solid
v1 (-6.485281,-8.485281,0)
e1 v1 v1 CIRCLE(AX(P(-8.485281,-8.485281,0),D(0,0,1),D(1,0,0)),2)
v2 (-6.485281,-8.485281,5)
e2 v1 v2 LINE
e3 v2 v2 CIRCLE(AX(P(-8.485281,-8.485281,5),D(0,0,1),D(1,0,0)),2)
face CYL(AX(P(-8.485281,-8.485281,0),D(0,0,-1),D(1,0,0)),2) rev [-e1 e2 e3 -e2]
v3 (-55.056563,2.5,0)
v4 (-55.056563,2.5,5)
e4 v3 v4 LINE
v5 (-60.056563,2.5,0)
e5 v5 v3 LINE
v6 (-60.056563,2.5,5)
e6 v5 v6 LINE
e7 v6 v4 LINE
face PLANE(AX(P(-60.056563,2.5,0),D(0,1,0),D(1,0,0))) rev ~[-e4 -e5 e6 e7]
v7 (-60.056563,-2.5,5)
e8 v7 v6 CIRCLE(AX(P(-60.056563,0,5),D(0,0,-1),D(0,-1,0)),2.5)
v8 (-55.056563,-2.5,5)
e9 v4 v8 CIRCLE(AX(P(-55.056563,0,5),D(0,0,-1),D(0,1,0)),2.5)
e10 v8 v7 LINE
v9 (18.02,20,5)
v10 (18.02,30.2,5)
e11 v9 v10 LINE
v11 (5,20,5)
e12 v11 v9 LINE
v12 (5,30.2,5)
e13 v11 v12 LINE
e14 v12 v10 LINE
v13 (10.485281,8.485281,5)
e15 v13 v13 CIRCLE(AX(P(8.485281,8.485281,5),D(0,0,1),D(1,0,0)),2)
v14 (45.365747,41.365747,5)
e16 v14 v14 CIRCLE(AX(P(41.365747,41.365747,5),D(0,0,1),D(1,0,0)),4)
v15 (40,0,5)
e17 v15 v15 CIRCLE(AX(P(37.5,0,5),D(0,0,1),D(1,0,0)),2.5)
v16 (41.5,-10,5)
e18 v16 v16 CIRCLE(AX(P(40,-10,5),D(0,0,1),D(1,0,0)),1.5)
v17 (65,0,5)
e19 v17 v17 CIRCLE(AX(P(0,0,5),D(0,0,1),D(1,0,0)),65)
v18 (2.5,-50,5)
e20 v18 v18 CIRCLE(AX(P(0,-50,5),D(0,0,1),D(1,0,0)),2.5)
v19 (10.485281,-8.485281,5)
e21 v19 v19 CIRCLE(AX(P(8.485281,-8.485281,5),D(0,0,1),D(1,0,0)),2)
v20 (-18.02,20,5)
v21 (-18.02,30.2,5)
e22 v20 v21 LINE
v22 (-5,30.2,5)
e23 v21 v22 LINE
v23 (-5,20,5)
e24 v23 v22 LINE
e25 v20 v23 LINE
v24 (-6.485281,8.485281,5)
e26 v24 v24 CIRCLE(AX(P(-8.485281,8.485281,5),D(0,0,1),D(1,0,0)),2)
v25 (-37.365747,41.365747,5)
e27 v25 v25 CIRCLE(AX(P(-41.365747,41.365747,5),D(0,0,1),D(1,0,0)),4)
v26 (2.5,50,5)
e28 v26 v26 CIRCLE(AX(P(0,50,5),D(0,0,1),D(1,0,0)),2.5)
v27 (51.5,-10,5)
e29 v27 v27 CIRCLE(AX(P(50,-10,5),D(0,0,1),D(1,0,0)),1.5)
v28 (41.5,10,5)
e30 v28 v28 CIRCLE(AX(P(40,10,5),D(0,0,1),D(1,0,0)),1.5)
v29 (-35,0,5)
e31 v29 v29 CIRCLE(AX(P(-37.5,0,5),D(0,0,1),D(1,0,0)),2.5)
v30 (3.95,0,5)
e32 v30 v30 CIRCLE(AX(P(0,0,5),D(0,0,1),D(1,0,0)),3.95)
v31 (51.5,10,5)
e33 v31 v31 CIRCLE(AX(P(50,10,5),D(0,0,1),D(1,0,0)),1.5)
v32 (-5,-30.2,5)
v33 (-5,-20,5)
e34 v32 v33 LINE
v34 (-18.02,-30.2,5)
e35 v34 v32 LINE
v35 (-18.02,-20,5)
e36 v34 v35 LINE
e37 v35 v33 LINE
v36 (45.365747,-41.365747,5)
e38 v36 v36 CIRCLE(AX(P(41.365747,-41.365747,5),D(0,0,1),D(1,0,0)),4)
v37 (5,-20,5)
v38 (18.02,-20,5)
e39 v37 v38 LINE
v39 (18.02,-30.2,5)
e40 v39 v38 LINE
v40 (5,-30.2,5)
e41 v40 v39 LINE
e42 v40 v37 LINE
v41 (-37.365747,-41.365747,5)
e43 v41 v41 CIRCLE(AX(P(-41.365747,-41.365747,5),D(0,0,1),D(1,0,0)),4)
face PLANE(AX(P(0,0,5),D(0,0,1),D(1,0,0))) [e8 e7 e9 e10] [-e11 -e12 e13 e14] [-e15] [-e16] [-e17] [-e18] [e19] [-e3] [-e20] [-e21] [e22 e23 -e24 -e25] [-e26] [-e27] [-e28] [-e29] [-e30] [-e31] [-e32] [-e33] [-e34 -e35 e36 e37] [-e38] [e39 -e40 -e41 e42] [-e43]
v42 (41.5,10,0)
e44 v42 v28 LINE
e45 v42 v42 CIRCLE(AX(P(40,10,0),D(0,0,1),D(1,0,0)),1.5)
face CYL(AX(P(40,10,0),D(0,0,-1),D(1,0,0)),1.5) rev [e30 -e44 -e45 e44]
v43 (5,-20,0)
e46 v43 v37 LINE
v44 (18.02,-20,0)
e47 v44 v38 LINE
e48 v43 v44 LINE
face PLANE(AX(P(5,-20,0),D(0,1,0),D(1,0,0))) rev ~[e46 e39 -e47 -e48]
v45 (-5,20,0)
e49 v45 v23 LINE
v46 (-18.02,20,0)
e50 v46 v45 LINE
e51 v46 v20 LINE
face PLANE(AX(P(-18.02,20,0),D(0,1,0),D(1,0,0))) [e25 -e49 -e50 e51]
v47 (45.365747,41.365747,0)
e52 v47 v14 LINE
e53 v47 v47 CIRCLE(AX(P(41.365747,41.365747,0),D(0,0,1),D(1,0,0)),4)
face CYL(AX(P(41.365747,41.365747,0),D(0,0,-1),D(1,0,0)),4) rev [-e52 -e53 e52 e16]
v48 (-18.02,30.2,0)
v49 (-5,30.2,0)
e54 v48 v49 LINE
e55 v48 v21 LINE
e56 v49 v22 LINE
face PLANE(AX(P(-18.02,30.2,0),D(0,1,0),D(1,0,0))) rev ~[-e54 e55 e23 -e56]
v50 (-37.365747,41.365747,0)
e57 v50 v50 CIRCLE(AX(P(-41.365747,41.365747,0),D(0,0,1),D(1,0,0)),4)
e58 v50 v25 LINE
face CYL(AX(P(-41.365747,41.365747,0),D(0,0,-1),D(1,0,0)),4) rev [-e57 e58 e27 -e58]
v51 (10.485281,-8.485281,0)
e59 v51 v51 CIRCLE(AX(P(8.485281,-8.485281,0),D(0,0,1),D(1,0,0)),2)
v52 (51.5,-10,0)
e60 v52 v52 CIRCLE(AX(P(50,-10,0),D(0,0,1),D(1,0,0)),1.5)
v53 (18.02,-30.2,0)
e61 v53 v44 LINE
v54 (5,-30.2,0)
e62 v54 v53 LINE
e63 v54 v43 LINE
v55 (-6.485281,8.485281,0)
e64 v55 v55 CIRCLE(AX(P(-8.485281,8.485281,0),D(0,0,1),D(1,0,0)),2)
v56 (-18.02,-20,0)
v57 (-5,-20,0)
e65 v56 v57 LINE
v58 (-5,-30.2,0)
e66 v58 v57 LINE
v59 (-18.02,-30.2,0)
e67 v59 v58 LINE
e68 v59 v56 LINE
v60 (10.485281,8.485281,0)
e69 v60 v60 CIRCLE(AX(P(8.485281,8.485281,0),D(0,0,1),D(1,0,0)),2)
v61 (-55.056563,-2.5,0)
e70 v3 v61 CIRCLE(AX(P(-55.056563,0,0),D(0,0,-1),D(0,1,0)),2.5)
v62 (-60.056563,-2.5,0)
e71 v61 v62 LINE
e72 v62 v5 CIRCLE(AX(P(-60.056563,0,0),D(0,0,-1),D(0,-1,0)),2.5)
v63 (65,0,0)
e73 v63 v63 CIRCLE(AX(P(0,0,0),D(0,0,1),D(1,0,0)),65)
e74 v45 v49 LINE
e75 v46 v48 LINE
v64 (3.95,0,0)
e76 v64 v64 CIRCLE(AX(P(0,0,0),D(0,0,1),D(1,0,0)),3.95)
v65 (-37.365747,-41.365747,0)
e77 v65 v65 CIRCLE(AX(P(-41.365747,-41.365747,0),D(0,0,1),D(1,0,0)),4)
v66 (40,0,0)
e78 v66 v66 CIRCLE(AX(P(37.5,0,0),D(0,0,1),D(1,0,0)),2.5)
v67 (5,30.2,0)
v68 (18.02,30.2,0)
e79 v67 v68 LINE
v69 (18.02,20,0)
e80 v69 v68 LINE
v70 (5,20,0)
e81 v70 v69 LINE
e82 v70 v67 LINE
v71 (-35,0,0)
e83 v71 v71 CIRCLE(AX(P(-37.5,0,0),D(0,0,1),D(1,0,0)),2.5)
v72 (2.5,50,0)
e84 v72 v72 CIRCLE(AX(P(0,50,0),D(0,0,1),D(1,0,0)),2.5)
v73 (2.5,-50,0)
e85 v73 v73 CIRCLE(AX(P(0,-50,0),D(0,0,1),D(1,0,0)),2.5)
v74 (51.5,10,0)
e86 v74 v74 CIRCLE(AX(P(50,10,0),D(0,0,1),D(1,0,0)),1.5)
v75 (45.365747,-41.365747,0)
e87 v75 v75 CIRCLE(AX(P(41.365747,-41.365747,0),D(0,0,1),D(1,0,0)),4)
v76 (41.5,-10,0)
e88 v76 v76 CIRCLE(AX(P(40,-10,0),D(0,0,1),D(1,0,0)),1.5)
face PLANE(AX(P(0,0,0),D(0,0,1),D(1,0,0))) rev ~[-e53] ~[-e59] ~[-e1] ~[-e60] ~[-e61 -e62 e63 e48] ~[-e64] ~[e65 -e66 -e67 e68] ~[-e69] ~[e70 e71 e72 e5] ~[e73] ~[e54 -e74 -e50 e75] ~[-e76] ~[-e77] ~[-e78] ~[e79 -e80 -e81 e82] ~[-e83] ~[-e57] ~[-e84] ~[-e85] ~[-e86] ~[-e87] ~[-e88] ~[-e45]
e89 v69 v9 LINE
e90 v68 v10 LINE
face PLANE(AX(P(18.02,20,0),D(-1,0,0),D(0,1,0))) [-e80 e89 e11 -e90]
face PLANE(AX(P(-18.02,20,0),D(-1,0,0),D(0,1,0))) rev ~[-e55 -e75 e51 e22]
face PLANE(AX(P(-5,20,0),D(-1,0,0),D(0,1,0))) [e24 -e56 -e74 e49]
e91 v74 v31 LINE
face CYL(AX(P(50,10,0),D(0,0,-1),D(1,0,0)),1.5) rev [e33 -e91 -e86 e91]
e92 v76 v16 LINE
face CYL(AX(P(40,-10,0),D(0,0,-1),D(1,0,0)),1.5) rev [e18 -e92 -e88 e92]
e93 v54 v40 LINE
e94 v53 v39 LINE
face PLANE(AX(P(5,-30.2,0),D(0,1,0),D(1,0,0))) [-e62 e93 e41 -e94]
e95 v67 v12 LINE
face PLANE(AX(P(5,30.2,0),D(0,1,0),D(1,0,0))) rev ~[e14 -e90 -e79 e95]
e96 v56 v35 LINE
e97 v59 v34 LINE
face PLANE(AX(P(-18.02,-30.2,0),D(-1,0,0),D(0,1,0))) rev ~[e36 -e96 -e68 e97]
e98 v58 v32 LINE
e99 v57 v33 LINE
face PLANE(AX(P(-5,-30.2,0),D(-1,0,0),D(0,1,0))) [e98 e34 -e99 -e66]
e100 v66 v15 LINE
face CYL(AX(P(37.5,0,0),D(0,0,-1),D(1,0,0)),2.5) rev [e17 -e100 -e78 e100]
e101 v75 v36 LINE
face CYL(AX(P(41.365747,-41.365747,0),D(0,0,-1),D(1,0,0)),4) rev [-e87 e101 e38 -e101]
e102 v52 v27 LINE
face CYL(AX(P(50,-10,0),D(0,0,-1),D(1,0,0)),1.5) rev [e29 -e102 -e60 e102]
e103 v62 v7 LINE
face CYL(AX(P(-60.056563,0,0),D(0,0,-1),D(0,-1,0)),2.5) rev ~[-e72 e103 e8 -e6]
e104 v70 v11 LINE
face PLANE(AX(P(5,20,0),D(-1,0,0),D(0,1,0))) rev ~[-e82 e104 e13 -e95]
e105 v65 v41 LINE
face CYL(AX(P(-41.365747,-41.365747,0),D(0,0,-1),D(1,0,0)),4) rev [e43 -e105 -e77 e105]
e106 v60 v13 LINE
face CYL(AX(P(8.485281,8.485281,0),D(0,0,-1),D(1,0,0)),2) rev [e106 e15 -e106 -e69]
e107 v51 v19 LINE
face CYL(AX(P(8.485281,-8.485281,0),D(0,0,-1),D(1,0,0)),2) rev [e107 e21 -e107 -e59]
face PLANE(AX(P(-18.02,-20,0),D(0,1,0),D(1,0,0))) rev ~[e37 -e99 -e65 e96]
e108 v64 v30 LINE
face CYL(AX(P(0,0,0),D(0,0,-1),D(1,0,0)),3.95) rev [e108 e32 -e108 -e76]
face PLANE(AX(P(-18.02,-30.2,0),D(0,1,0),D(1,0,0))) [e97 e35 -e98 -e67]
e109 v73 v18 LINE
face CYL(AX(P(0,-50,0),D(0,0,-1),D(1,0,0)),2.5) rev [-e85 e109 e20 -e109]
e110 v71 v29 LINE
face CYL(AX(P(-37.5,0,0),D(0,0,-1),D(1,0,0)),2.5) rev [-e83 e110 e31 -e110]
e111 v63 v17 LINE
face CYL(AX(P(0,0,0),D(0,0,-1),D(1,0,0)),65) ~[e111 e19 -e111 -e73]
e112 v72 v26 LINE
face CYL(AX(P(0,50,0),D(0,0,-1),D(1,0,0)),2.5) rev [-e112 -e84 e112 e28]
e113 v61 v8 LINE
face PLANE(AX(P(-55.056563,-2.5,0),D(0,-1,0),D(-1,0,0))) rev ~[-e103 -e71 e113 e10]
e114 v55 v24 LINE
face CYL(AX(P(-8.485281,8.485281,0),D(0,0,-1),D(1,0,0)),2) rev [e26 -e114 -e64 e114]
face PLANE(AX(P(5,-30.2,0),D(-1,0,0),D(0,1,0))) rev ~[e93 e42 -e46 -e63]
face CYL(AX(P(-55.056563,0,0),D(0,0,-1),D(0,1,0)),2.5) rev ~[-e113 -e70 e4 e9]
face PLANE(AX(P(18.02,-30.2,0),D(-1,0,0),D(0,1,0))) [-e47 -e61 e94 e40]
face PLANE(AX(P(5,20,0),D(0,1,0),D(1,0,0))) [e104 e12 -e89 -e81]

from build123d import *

# Parameters (mm, degrees)
SKETCH1_R           = 65
SKETCH1_R_2         = 2.5
SKETCH1_R_3         = 3.95
SKETCH1_R_4         = 1.5
SKETCH1_R_5         = 4
SKETCH1_R_6         = 2
SKETCH1_W           = 13.02
SKETCH1_H           = 10.2
BOSS_EXTRUDE1_DEPTH = 5


with BuildPart() as part:
    # Sketch1 → Boss-Extrude1 (new body)
    with BuildSketch(Plane.XY):
        Circle(SKETCH1_R)
        with Locations((-37.5, 0)):
            Circle(SKETCH1_R_2, mode=Mode.SUBTRACT)
        with Locations((37.5, 0)):
            Circle(SKETCH1_R_2, mode=Mode.SUBTRACT)
        with Locations((0, 50)):
            Circle(SKETCH1_R_2, mode=Mode.SUBTRACT)
        with Locations((0, -50)):
            Circle(SKETCH1_R_2, mode=Mode.SUBTRACT)
        Circle(SKETCH1_R_3, mode=Mode.SUBTRACT)
        with Locations((50, 10)):
            Circle(SKETCH1_R_4, mode=Mode.SUBTRACT)
        with Locations((50, -10)):
            Circle(SKETCH1_R_4, mode=Mode.SUBTRACT)
        with Locations((40, 10)):
            Circle(SKETCH1_R_4, mode=Mode.SUBTRACT)
        with Locations((40, -10)):
            Circle(SKETCH1_R_4, mode=Mode.SUBTRACT)
        with Locations((-41.365746699, 41.365746699)):
            Circle(SKETCH1_R_5, mode=Mode.SUBTRACT)
        with Locations((41.365746699, -41.365746699)):
            Circle(SKETCH1_R_5, mode=Mode.SUBTRACT)
        with Locations((41.365746699, 41.365746699)):
            Circle(SKETCH1_R_5, mode=Mode.SUBTRACT)
        with Locations((-41.365746699, -41.365746699)):
            Circle(SKETCH1_R_5, mode=Mode.SUBTRACT)
        with Locations((8.485281374, 8.485281374)):
            Circle(SKETCH1_R_6, mode=Mode.SUBTRACT)
        with Locations((8.485281374, -8.485281374)):
            Circle(SKETCH1_R_6, mode=Mode.SUBTRACT)
        with Locations((-8.485281374, -8.485281374)):
            Circle(SKETCH1_R_6, mode=Mode.SUBTRACT)
        with Locations((-8.485281374, 8.485281374)):
            Circle(SKETCH1_R_6, mode=Mode.SUBTRACT)
        with Locations((11.51, -25.1)):
            Rectangle(SKETCH1_W, SKETCH1_H, mode=Mode.SUBTRACT)
        with Locations((-11.51, -25.1)):
            Rectangle(SKETCH1_W, SKETCH1_H, mode=Mode.SUBTRACT)
        with Locations((-11.51, 25.1)):
            Rectangle(SKETCH1_W, SKETCH1_H, mode=Mode.SUBTRACT)
        with Locations((11.51, 25.1)):
            Rectangle(SKETCH1_W, SKETCH1_H, mode=Mode.SUBTRACT)
        with BuildLine():
            Line((-55.056563459, -2.5), (-60.056563459, -2.5))
            ThreePointArc((-60.056563459, -2.5), (-62.556563459, 0), (-60.056563459, 2.5))
            Line((-60.056563459, 2.5), (-55.056563459, 2.5))
            ThreePointArc((-55.056563459, 2.5), (-52.556563459, 0), (-55.056563459, -2.5))
        make_face(mode=Mode.SUBTRACT)
    extrude(amount=BOSS_EXTRUDE1_DEPTH)


solid = part.part
